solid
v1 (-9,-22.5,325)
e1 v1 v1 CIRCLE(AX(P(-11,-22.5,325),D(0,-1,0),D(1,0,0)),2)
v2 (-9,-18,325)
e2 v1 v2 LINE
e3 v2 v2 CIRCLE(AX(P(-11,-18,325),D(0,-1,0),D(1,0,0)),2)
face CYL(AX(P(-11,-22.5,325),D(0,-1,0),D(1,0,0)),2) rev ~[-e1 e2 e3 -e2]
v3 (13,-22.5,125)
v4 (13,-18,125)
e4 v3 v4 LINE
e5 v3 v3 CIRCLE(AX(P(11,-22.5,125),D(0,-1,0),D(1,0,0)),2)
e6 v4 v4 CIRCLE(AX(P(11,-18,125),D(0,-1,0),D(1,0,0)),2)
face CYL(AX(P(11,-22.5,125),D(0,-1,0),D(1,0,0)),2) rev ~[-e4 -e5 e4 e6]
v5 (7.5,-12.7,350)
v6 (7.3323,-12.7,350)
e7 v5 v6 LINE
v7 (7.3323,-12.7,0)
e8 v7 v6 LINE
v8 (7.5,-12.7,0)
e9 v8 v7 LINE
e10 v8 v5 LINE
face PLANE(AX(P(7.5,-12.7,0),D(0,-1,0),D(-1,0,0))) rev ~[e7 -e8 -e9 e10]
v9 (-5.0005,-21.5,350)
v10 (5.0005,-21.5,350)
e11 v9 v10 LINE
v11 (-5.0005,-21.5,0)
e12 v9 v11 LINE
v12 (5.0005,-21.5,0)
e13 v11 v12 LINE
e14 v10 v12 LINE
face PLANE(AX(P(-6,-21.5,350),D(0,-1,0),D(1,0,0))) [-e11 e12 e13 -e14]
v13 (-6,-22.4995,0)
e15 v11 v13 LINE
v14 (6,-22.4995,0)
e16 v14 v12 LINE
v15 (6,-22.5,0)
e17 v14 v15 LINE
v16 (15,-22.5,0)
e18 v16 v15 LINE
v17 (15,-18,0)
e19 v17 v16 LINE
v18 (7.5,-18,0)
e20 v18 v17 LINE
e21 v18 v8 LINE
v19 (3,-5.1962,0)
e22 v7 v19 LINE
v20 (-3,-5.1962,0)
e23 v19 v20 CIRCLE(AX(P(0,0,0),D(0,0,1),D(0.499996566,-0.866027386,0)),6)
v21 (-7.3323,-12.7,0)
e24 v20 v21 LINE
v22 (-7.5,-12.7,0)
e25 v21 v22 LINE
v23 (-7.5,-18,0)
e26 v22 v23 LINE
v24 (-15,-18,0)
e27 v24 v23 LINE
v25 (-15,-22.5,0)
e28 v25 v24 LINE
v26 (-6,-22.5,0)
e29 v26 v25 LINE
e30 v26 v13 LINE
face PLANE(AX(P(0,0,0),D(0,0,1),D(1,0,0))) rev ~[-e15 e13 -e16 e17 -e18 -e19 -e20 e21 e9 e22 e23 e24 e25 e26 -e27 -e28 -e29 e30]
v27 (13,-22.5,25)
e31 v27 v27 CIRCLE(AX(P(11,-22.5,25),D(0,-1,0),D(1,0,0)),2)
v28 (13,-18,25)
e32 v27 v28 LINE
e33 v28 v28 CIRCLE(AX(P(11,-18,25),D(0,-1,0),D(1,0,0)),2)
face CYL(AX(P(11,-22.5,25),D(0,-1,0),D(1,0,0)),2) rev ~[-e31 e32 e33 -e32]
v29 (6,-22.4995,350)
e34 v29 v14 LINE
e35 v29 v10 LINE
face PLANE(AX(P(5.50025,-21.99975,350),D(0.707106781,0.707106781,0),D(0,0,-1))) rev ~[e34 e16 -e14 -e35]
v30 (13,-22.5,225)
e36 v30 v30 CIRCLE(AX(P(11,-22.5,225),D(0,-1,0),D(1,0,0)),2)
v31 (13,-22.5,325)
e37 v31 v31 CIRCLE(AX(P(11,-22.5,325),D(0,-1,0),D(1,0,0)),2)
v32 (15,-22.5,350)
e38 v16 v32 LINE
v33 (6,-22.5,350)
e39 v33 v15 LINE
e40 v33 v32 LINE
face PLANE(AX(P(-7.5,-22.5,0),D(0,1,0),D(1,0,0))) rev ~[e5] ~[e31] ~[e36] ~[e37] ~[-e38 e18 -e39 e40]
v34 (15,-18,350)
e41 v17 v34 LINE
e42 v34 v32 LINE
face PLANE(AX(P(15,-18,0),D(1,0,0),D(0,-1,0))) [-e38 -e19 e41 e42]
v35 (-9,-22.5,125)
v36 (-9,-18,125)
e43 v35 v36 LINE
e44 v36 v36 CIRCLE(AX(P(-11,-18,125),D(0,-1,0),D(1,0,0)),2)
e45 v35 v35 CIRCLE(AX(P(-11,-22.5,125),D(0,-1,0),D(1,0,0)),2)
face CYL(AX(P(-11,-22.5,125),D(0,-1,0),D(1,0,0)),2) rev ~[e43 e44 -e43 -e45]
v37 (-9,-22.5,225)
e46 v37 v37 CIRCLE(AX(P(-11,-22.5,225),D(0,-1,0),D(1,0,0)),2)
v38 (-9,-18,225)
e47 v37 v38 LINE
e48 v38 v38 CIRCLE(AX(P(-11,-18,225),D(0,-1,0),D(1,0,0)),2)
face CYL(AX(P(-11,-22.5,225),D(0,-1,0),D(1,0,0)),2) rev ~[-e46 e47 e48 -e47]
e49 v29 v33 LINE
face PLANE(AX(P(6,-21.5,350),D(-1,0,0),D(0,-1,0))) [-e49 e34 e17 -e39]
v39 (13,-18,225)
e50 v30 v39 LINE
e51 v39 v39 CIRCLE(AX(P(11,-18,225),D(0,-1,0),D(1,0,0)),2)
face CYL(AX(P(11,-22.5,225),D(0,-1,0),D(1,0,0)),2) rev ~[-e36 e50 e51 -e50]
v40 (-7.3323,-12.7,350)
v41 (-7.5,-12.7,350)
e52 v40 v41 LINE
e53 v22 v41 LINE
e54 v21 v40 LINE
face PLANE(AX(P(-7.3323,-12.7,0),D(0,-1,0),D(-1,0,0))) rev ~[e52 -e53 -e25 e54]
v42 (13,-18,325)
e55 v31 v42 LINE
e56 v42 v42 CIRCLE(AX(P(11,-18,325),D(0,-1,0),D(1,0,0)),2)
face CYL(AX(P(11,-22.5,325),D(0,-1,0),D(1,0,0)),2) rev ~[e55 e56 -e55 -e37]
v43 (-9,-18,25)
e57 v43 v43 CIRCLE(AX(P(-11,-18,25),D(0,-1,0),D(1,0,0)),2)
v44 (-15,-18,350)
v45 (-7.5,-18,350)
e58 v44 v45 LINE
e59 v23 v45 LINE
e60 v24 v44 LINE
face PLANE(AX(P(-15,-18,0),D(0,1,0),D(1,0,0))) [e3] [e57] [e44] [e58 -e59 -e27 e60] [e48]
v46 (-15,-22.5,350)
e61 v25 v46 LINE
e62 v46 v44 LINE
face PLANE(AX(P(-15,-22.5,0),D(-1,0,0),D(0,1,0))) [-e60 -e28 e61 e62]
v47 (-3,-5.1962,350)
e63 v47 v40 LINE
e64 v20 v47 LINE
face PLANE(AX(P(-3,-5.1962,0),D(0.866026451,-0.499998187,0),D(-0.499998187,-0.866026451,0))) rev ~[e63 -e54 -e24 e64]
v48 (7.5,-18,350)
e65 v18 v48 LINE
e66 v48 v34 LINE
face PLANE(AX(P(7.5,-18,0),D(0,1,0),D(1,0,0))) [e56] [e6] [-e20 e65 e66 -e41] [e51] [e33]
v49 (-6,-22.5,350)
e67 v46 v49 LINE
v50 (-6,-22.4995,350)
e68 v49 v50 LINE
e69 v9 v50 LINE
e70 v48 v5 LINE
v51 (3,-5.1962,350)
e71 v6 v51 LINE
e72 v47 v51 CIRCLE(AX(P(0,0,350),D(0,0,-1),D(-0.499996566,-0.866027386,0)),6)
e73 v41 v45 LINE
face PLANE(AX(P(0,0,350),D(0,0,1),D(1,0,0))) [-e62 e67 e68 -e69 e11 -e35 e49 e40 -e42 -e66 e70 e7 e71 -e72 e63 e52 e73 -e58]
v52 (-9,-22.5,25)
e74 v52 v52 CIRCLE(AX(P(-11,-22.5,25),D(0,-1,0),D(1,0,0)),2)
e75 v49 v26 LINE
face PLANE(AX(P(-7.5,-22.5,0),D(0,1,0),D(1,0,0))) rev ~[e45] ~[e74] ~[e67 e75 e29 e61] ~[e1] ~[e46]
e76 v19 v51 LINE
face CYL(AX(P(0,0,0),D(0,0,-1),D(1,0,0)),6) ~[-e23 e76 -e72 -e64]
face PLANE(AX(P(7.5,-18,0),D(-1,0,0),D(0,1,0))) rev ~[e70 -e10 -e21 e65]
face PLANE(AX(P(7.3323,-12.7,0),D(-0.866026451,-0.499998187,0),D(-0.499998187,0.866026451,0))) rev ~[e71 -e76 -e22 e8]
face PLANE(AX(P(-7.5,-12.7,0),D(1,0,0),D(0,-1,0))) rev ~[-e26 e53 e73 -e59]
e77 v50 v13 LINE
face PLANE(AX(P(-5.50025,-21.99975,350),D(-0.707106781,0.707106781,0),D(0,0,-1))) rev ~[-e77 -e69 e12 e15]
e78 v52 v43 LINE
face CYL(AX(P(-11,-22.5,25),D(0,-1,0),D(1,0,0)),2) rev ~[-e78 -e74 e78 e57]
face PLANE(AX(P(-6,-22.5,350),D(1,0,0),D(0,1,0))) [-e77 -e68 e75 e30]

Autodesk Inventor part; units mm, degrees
ref_plane "YZ Plane" through (0, 0, 0) normal (1, 0, 0) x (0, 1, 0)
ref_plane "XZ Plane" through (0, 0, 0) normal (0, 1, 0) x (-1, 0, 0)
ref_plane "XY Plane" through (0, 0, 0) normal (0, 0, 1) x (1, 0, 0)
sketch "Sketch1" plane through (0, 0, 0) normal (0, 0, 1) x (1, 0, 0)
  circle A0 centre (0, 0) radius 6
  line L0 (-3, -5.1962) -> (-7.3323, -12.7)
  line L1 (-7.3323, -12.7) -> (7.3323, -12.7)
  line L2 (7.3323, -12.7) -> (3, -5.1962)
  line L3 (-7.5, -22.5) -> (7.5, -22.5)
  line L4 (7.5, -22.5) -> (7.5, -12.7)
  line L5 (7.5, -12.7) -> (-7.5, -12.7)
  line L6 (-7.5, -12.7) -> (-7.5, -22.5)
  line L7 (0, -12.7) -> (0, 0)
  line L8 (-15, -18) -> (15, -18)
  line L9 (15, -18) -> (15, -22.5)
  line L10 (15, -22.5) -> (-15, -22.5)
  line L11 (-15, -22.5) -> (-15, -18)
  point P0 (0, -22.5)
  dimension "d0" = 12
  dimension "d1" = 60
  dimension "d2" = 3
  dimension "d3" = 3
  dimension "d4" = 15
  dimension "d5" = 9.8
  dimension "d7" = 4.5
  dimension "d8" = 30
  dimension "d31" = 22.5
extrude "Extrusion1" add sketch "Sketch1" along normal blind 350
sketch "Sketch2" plane through (0, 0, 350) normal (0, 0, 1) x (1, 0, 0)
  arc A0 (3, -5.1962) -> (-3, -5.1962) centre (0, 0) ccw projected
  line L0 (3, -5.1962) -> (7.3323, -12.7) projected
  line L1 (7.3323, -12.7) -> (7.5, -12.7) projected
  line L2 (7.5, -12.7) -> (7.5, -18) projected
  line L3 (7.5, -18) -> (15, -18) projected
  line L4 (15, -18) -> (15, -22.5) projected
  line L5 (15, -22.5) -> (-15, -22.5) projected
  line L6 (-15, -22.5) -> (-15, -18) projected
  line L7 (-15, -18) -> (-7.5, -18) projected
  line L8 (-7.5, -18) -> (-7.5, -12.7) projected
  line L9 (-7.5, -12.7) -> (-7.3323, -12.7) projected
  line L10 (-7.3323, -12.7) -> (-3, -5.1962) projected
  line L11 (-6, -21.5) -> (6, -21.5)
  line L12 (6, -21.5) -> (6, -22.5)
  line L13 (6, -22.5) -> (-6, -22.5)
  line L14 (-6, -22.5) -> (-6, -21.5)
  point P0 (0, -22.5)
  dimension "d11" = 12
  dimension "d12" = 1
extrude "Extrusion2" cut sketch "Sketch2" against normal through all contours L5 L14 L11 L12
chamfer "Chamfer1" distance 1 angle 45 2 edges at (-6, -21.5, 175) (6, -21.5, 175)
sketch "Sketch3" plane through (-15, -22.5, 0) normal (0, -1, 0) x (1, 0, 0)
  line L0 (21, 0) -> (21, 350) construction
  line L1 (21, 350) -> (30, 350) projected
  line L2 (30, 350) -> (30, 0) projected
  line L3 (30, 0) -> (21, 0) construction
  line L4 (9, 350) -> (9, 0) construction
  line L5 (9, 0) -> (0, 0) construction
  line L6 (0, 0) -> (0, 350) projected
  line L7 (0, 350) -> (9, 350) projected
  circle A0 centre (4, 25) radius 2
  circle A1 centre (26, 25) radius 2
  line L8 (26, 25) -> (4, 25) construction
  line L9 (15, 25) -> (15, 0) construction
  dimension "d18" = 25
  dimension "d19" = 4
  dimension "d20" = 4
  dimension "d21" = 22
extrude "Extrusion3" cut sketch "Sketch3" against normal through all
thread "Thread1" size "M4x0.7" class "6H" standard "ANSI Metric M Profile" full length
thread "Thread2" size "M4x0.7" class "6H" standard "ANSI Metric M Profile" full length
pattern_linear "Rectangular Pattern1" count 4 spacing 100 along (0, 0, 1) of "Extrusion3"
properties part number "sbr12_350mm"
